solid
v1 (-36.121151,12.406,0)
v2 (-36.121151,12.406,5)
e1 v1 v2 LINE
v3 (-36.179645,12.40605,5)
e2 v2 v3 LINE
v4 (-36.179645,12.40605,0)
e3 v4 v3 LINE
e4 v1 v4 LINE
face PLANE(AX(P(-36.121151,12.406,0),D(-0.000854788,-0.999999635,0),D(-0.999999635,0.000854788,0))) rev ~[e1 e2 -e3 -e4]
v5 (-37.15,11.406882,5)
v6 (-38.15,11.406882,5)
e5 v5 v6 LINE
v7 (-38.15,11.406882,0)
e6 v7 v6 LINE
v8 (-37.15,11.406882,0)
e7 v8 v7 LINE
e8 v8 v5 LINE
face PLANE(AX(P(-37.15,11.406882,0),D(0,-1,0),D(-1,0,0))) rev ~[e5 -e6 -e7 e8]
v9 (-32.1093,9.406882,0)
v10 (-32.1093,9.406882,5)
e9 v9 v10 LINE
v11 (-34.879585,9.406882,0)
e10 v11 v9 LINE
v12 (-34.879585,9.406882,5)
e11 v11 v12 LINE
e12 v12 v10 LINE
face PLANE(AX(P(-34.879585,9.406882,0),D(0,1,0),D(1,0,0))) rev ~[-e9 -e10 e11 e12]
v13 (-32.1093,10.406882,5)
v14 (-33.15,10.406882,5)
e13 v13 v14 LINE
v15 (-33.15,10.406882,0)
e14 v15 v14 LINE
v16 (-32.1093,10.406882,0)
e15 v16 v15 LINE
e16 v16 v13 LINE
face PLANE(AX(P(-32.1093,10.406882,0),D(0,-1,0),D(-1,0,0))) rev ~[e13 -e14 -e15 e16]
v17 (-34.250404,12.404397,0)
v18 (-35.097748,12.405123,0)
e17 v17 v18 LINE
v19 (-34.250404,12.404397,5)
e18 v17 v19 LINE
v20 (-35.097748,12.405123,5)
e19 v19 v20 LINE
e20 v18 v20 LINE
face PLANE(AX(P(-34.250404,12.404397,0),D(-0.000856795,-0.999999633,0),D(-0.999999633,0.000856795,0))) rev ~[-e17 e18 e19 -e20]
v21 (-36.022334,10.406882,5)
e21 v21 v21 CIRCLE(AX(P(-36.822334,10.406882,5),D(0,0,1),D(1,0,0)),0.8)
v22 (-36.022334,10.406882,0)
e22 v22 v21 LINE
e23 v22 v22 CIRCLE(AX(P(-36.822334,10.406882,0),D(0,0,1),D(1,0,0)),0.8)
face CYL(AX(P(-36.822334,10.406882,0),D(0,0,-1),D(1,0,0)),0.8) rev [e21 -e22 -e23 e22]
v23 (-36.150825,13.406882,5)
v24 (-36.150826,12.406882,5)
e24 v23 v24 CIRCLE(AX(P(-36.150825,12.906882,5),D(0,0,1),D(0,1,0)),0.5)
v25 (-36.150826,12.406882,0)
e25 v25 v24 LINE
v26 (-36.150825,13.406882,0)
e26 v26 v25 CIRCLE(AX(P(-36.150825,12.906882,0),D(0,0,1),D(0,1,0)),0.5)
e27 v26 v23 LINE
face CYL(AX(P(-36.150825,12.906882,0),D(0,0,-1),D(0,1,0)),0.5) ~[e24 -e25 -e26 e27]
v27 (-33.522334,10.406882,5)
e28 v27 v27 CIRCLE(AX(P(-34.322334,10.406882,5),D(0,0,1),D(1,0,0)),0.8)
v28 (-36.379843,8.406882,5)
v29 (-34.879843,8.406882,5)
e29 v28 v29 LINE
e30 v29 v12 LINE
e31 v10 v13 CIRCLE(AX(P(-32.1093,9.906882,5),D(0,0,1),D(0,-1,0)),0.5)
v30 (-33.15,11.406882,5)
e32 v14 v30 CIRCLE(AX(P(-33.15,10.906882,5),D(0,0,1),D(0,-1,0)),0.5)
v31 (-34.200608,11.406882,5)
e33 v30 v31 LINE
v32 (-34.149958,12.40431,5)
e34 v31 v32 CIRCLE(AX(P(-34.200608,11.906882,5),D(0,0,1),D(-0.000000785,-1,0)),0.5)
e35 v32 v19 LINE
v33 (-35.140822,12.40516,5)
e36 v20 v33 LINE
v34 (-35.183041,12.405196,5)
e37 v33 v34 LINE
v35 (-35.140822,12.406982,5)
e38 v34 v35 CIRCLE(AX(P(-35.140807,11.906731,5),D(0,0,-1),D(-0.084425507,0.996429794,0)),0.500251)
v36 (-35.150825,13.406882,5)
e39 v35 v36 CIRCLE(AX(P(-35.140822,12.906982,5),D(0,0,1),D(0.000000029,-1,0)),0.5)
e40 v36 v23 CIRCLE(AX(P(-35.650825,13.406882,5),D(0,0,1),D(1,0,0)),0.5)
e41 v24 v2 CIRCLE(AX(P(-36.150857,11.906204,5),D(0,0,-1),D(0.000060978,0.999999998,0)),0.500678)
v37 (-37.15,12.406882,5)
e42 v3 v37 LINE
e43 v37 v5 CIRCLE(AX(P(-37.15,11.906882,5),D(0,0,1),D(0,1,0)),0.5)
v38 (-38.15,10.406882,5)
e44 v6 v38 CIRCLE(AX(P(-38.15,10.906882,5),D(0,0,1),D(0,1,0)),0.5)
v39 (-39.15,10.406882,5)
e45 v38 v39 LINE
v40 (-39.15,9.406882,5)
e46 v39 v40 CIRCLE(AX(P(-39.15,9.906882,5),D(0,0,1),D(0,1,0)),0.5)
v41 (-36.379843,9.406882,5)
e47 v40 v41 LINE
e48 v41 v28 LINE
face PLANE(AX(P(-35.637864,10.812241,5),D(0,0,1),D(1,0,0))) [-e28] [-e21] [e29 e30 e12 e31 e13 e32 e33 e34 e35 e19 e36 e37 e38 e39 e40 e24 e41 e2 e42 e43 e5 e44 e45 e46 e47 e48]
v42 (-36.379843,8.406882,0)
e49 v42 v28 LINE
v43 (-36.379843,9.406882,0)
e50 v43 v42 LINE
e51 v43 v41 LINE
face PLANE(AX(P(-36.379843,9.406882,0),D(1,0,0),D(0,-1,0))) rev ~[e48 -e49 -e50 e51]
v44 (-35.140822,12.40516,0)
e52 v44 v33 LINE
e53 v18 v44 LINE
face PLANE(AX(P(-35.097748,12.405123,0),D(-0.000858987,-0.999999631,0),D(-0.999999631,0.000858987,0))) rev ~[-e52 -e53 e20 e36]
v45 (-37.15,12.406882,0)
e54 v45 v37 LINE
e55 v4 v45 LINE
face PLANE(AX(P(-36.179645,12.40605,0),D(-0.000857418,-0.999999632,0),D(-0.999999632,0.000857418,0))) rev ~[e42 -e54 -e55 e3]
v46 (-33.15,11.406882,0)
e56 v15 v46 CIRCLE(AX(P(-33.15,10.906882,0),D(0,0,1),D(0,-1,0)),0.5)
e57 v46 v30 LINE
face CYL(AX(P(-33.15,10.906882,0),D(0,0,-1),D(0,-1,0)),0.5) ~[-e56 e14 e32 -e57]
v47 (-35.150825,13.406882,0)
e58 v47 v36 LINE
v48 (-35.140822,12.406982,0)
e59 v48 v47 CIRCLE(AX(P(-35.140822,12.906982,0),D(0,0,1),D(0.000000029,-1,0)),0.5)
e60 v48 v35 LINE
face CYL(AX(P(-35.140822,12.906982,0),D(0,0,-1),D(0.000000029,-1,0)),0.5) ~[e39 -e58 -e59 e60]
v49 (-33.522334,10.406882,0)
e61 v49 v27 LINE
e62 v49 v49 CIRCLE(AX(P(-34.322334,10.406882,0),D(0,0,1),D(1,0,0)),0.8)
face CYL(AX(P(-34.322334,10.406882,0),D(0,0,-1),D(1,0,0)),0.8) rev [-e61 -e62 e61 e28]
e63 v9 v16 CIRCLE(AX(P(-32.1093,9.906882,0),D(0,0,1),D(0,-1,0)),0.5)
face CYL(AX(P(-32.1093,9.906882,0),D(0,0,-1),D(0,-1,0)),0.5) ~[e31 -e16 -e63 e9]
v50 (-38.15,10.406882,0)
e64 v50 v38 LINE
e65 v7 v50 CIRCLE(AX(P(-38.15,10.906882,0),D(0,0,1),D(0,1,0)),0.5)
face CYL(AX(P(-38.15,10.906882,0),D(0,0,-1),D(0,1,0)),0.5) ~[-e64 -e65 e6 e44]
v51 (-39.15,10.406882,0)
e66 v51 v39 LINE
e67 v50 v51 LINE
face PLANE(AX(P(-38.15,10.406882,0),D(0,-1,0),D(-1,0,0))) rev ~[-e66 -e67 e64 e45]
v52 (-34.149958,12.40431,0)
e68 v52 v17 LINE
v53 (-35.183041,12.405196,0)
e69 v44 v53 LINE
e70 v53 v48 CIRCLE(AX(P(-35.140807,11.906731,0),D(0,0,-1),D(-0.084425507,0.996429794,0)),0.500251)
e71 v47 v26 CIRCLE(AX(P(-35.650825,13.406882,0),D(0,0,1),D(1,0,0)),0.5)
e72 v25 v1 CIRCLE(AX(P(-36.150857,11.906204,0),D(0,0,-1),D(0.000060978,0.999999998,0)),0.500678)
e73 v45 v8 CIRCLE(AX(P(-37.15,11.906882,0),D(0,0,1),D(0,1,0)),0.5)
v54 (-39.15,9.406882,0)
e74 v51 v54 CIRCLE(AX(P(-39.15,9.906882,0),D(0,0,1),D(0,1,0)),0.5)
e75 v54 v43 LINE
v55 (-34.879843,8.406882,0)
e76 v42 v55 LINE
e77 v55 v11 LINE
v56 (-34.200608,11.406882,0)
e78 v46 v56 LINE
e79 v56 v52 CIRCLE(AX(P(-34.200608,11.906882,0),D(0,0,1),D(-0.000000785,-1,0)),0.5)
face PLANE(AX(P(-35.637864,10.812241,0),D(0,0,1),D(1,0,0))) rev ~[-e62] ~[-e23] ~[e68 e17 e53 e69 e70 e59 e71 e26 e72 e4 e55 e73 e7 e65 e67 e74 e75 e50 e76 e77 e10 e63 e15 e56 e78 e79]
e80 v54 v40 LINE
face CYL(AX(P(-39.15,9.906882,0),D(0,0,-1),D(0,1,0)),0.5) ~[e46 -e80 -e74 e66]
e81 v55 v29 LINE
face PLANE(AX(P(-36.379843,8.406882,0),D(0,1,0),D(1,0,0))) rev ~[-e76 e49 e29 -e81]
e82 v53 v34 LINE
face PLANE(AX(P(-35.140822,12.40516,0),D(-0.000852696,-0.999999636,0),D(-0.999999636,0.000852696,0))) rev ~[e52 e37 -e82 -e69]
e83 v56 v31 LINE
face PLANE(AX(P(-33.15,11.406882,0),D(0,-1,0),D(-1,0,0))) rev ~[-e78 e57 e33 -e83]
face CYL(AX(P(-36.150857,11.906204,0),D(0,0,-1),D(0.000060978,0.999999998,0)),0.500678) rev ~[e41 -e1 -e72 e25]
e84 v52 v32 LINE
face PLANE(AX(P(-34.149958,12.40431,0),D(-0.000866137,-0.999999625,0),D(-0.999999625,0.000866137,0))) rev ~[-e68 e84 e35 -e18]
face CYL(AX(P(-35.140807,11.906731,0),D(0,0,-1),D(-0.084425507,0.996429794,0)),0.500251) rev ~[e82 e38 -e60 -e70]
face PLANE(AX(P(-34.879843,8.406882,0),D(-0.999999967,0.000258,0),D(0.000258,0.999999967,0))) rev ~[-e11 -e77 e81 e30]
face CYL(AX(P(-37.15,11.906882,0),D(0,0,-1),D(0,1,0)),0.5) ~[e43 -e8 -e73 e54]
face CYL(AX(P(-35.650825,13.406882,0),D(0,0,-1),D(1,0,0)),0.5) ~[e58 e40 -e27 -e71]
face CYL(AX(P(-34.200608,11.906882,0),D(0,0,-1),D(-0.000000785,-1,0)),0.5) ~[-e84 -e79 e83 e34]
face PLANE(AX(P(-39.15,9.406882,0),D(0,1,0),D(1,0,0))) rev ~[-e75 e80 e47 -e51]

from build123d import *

# Parameters (mm, degrees)
F0_R     = 0.8
F1_DEPTH = 5


with BuildPart() as f1:
    # F0 (on Top) → F1 (new body)
    with BuildSketch(Plane.XY):
        with BuildLine():
            Line((-38.15, 10.406882), (-39.15, 10.406882))
            ThreePointArc((-39.15, 10.406882), (-39.65, 9.906882), (-39.15, 9.406882))
            Line((-39.15, 9.406882), (-36.65, 9.406882))
            Line((-36.65, 9.406882), (-36.379843, 9.406882))
            Line((-36.379843, 9.406882), (-36.379843, 8.406882))
            Line((-36.379843, 8.406882), (-34.879843, 8.406882))
            Line((-34.879843, 8.406882), (-34.879585, 9.406882))
            Line((-34.879585, 9.406882), (-34.609, 9.406882))
            Line((-34.609, 9.406882), (-32.1093, 9.406882))
            ThreePointArc((-32.1093, 9.406882), (-31.6093, 9.906882), (-32.1093, 10.406882))
            Line((-32.1093, 10.406882), (-33.15, 10.406882))
            ThreePointArc((-33.15, 10.406882), (-32.65, 10.906882), (-33.15, 11.406882))
            Line((-33.15, 11.406882), (-34.200608, 11.406882))
            ThreePointArc((-34.200608, 11.406882), (-33.701251, 11.881525), (-34.149958, 12.40431))
            Line((-34.149958, 12.40431), (-34.250404, 12.404397))
            Line((-34.250404, 12.404397), (-35.097748, 12.405123))
            Line((-35.097748, 12.405123), (-35.140822, 12.40516))
            Line((-35.140822, 12.40516), (-35.183041, 12.405196))
            ThreePointArc((-35.183041, 12.405196), (-35.16195, 12.406535), (-35.140822, 12.406982))
            ThreePointArc((-35.140822, 12.406982), (-34.640847, 12.911984), (-35.150825, 13.406882))
            ThreePointArc((-35.150825, 13.406882), (-35.650825, 13.906882), (-36.150825, 13.406882))
            ThreePointArc((-36.150825, 13.406882), (-36.650825, 12.906882), (-36.150826, 12.406882))
            ThreePointArc((-36.150826, 12.406882), (-36.135982, 12.406661), (-36.121151, 12.406))
            Line((-36.121151, 12.406), (-36.179645, 12.40605))
            Line((-36.179645, 12.40605), (-37.15, 12.406882))
            ThreePointArc((-37.15, 12.406882), (-37.65, 11.906882), (-37.15, 11.406882))
            Line((-37.15, 11.406882), (-38.15, 11.406882))
            ThreePointArc((-38.15, 11.406882), (-38.65, 10.906882), (-38.15, 10.406882))
        make_face()
        with Locations((-36.822334, 10.406882)):
            Circle(F0_R, mode=Mode.SUBTRACT)
        with Locations((-34.322334, 10.406882)):
            Circle(F0_R, mode=Mode.SUBTRACT)
    extrude(amount=F1_DEPTH)


solid = f1.part
